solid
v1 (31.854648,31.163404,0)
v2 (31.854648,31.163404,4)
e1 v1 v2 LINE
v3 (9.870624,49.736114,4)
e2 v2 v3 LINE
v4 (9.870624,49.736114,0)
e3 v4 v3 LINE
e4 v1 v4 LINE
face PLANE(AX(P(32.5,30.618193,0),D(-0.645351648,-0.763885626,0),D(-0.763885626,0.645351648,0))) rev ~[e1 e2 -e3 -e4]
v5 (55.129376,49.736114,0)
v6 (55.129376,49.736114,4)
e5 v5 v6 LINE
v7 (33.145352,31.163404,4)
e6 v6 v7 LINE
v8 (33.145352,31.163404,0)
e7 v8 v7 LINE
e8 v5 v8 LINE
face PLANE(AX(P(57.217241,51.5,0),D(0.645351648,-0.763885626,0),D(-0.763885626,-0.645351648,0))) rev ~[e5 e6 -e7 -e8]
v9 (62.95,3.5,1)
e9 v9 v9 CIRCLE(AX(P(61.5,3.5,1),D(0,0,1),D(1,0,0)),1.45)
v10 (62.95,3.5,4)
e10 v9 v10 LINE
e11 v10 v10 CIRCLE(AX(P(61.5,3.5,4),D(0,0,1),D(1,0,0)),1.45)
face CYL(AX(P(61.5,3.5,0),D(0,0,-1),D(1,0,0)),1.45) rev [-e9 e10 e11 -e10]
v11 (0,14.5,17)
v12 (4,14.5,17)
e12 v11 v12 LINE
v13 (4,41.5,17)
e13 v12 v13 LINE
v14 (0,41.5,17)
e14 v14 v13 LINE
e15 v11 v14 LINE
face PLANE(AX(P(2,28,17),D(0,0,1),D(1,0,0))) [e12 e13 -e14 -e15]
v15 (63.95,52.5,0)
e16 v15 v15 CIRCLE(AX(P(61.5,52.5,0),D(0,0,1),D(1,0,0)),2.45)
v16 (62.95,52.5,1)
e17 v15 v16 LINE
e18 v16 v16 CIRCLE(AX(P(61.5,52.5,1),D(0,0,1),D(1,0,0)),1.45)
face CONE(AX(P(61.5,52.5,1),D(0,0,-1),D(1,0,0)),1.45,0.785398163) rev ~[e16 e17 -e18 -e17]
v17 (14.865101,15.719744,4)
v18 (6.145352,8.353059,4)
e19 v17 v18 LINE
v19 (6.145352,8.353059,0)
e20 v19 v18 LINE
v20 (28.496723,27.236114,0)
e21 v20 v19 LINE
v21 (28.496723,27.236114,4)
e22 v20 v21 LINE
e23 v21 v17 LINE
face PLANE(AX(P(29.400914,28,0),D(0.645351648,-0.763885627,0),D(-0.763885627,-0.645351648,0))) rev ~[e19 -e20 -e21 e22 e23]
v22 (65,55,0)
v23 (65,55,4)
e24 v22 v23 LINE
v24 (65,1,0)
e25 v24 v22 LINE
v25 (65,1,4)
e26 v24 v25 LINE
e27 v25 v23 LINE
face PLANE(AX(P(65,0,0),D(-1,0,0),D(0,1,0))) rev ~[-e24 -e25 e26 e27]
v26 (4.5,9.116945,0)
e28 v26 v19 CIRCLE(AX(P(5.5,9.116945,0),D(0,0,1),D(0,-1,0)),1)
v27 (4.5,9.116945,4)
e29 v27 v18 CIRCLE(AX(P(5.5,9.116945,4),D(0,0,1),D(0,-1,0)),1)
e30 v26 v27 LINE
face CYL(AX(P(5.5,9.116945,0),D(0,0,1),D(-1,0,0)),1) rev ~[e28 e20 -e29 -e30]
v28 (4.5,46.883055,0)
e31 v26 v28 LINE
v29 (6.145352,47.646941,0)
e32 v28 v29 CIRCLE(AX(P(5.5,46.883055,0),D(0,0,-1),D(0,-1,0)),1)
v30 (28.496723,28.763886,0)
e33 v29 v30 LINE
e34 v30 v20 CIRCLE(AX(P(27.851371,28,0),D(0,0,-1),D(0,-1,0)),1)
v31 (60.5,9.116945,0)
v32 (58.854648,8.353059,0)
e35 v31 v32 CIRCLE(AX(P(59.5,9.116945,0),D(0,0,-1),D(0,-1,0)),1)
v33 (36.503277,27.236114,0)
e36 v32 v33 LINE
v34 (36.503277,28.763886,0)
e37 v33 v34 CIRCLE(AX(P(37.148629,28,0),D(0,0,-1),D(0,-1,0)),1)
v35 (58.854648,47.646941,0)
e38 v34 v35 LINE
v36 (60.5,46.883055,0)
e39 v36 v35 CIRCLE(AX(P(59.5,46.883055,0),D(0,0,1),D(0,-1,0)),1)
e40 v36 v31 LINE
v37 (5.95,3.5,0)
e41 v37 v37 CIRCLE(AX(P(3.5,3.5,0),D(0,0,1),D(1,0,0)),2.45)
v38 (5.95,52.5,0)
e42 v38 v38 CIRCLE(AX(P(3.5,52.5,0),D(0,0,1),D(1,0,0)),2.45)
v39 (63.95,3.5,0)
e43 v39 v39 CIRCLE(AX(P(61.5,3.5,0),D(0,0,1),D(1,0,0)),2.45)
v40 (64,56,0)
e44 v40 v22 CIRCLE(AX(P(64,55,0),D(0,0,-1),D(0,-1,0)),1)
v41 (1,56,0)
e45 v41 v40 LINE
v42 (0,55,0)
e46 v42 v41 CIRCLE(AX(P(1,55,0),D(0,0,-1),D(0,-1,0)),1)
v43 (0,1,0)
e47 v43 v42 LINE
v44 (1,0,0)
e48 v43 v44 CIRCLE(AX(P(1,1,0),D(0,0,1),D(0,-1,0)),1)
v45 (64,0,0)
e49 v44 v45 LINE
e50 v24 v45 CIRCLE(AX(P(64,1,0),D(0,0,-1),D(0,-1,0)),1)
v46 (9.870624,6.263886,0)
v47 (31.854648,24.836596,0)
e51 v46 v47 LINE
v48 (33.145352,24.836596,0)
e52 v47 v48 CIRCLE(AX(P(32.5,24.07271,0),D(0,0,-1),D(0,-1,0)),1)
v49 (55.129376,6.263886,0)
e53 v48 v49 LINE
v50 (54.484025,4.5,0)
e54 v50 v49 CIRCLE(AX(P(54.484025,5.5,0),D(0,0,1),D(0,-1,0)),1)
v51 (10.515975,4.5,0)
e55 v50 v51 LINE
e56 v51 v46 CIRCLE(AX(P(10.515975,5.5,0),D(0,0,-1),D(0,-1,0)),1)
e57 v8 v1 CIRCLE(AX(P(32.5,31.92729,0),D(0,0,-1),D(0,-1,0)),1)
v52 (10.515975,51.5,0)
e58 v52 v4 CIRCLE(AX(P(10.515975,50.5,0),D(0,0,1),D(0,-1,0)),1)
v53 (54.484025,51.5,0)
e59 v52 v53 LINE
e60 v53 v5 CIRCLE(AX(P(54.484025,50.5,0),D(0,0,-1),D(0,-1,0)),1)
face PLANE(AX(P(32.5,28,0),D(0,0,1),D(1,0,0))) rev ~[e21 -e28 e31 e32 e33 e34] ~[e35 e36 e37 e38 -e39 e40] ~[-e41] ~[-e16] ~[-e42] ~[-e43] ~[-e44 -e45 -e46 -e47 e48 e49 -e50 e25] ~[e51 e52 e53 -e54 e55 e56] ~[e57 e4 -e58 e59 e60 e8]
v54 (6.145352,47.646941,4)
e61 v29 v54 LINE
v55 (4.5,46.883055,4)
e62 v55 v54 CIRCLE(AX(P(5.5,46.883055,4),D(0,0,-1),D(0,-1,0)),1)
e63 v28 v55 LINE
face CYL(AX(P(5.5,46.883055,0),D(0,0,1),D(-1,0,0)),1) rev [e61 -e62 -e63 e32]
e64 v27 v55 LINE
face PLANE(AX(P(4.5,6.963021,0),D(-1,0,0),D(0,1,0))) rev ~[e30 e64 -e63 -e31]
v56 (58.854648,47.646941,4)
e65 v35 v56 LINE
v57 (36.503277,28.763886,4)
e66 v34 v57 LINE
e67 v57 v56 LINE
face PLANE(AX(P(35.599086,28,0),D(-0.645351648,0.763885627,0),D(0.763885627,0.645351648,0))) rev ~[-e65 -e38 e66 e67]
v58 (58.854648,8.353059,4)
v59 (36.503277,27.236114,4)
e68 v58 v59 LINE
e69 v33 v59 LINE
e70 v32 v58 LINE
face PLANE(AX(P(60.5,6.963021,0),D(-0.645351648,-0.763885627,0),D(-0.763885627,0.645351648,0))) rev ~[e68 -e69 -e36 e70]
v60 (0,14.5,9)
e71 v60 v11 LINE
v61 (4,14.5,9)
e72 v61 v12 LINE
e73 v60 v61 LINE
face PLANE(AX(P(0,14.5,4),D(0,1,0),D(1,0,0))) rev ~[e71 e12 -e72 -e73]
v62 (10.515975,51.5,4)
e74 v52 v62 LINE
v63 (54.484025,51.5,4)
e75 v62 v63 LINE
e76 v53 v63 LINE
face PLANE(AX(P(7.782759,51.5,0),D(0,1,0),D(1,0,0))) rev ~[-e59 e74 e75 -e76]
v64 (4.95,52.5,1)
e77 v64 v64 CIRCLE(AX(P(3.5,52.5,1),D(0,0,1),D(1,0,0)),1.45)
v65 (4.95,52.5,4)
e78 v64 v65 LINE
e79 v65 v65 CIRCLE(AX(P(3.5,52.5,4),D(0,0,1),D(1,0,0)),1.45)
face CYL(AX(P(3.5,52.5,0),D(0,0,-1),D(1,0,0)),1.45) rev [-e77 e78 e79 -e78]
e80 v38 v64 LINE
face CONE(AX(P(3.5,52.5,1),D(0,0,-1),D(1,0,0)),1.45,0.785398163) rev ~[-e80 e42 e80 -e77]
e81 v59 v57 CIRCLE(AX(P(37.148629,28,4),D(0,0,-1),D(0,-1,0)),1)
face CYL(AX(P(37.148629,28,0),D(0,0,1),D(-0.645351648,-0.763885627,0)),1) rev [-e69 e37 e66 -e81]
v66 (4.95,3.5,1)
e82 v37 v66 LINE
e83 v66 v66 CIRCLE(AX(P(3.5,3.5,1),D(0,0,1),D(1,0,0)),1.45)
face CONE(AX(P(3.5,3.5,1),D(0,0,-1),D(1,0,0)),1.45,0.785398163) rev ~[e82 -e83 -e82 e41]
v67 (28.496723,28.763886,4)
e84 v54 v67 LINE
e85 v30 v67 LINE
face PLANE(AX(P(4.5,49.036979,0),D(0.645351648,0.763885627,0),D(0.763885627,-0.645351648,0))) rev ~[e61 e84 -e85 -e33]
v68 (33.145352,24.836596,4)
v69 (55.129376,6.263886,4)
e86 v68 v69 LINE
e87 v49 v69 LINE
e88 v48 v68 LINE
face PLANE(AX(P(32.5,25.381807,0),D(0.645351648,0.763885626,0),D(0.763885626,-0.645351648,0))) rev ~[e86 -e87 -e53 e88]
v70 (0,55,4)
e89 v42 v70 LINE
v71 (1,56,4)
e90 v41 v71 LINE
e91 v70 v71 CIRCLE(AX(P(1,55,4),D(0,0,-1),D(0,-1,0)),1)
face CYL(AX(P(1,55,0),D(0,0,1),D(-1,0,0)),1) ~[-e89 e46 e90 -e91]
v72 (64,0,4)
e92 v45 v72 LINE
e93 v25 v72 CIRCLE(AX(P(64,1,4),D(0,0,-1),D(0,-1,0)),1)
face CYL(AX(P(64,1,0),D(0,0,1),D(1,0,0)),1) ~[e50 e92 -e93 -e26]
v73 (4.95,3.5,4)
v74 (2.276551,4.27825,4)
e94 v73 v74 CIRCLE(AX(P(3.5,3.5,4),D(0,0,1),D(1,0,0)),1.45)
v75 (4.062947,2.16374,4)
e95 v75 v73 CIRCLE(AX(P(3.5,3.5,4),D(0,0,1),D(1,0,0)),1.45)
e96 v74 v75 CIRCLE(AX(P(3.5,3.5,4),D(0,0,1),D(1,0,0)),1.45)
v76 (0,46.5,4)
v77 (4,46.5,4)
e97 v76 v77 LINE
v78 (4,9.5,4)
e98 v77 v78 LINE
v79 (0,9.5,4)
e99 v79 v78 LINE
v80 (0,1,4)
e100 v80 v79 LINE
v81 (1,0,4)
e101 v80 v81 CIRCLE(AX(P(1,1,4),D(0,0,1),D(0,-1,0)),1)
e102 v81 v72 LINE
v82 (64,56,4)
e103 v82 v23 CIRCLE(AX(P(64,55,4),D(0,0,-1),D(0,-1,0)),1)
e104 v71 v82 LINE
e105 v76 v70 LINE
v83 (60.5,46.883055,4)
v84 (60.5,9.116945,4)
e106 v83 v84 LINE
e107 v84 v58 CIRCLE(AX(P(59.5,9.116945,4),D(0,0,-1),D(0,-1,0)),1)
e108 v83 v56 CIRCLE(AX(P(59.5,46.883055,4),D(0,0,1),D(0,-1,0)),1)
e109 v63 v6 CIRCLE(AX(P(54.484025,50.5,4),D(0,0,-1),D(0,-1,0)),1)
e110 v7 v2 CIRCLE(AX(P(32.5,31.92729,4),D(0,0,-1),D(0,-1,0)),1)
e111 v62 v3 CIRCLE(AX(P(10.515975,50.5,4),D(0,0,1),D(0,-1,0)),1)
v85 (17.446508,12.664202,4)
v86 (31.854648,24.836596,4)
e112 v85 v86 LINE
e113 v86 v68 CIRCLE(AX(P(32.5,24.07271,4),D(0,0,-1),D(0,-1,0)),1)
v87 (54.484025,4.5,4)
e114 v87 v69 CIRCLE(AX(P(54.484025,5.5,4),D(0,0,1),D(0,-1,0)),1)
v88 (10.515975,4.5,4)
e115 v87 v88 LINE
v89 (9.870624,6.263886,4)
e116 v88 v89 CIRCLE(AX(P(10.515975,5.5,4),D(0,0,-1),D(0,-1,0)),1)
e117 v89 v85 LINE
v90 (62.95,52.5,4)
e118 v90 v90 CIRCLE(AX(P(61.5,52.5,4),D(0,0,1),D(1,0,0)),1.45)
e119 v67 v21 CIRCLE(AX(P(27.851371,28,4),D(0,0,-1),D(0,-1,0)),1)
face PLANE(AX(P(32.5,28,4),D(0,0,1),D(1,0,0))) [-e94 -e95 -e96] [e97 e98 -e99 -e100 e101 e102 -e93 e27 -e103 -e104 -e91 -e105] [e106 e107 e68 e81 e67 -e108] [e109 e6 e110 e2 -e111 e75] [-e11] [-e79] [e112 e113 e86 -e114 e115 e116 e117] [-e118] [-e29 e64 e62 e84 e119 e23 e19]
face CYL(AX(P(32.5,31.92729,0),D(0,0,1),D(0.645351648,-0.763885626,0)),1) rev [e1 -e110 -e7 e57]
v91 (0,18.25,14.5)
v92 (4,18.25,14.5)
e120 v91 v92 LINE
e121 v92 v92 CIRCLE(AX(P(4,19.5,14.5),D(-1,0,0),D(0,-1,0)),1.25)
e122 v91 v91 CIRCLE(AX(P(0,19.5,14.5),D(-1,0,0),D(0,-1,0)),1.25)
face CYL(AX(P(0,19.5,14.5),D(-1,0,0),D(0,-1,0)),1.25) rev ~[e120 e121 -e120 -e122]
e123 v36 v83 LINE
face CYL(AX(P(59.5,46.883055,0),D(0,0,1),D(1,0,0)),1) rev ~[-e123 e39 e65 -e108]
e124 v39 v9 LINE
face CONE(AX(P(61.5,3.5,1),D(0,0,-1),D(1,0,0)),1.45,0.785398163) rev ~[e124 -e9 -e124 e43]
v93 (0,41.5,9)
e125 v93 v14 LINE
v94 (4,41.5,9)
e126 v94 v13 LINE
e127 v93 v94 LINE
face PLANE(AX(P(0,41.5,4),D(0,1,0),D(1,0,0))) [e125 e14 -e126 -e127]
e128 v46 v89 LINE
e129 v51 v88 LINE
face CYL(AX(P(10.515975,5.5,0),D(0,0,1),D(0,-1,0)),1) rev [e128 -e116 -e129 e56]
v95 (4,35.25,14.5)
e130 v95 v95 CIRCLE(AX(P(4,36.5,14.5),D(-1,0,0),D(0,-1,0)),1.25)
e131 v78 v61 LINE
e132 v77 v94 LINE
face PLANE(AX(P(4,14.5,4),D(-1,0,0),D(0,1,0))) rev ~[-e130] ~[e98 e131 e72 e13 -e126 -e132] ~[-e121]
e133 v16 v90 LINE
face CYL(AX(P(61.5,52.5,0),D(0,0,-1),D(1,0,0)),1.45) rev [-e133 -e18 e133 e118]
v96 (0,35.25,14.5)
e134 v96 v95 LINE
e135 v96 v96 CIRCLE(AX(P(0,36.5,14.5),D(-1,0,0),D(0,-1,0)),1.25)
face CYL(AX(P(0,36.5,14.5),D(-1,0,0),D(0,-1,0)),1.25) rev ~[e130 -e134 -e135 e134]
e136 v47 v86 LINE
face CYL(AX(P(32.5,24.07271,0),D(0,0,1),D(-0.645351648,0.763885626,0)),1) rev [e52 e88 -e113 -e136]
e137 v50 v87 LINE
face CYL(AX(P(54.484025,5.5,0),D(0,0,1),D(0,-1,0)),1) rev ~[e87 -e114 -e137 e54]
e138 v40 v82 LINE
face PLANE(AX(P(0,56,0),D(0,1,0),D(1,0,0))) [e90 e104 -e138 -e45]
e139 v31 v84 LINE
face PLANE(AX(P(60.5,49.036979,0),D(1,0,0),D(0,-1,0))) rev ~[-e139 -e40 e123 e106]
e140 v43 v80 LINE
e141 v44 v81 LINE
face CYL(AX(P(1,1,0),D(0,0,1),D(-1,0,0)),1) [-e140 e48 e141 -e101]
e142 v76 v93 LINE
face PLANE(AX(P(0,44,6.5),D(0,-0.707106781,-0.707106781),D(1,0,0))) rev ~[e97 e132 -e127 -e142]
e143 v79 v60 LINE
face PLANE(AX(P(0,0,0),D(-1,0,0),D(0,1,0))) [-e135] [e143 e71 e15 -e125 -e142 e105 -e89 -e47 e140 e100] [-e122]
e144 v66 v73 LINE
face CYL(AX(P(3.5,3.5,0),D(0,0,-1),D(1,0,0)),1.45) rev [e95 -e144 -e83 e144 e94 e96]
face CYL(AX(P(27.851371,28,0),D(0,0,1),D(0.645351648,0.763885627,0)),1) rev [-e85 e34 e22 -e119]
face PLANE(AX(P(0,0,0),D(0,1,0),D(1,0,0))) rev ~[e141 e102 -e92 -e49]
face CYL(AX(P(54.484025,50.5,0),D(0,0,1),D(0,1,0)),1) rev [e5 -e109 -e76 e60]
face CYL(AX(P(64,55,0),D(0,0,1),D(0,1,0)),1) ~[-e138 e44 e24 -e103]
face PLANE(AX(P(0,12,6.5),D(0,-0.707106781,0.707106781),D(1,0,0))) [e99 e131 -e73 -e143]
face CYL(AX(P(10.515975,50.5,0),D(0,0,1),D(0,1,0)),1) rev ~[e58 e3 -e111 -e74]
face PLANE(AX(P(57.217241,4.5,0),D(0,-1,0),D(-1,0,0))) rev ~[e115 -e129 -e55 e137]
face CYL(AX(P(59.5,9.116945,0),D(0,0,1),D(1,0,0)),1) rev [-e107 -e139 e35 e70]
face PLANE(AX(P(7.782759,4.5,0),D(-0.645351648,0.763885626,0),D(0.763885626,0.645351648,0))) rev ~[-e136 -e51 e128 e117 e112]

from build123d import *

# Parameters (mm, degrees)
SKETCH_W        = 65
SKETCH_H        = 56
SKETCH_R        = 1.45
PAD_DEPTH       = 4
SKETCH002_R     = 1.25
POCKET_DEPTH    = 5
SKETCH003_W     = 4
SKETCH003_H     = 27
PAD001_DEPTH    = 13
SKETCH004_R     = 1.25
POCKET001_DEPTH = 65.001
CHAMFER_SIZE    = 5
FILLET_R        = 1
CHAMFER001_SIZE = 1


with BuildPart() as part:
    # Sketch → Pad (new body)
    with BuildSketch(Plane.XY):
        with Locations((32.5, 28)):
            Rectangle(SKETCH_W, SKETCH_H)
        with Locations((3.5, 52.5)):
            Circle(SKETCH_R, mode=Mode.SUBTRACT)
        with Locations((61.5, 52.5)):
            Circle(SKETCH_R, mode=Mode.SUBTRACT)
        with Locations((3.5, 3.5)):
            Circle(SKETCH_R, mode=Mode.SUBTRACT)
        with Locations((61.5, 3.5)):
            Circle(SKETCH_R, mode=Mode.SUBTRACT)
        Polygon((7.782759, 51.5), (57.217241, 51.5), (32.5, 30.618193), align=None, mode=Mode.SUBTRACT)
        Polygon((60.5, 49.036979), (60.5, 6.963021), (35.599086, 28), align=None, mode=Mode.SUBTRACT)
        Polygon((57.217241, 4.5), (7.782759, 4.5), (32.5, 25.381807), align=None, mode=Mode.SUBTRACT)
        Polygon((4.5, 6.963021), (4.5, 49.036979), (29.400914, 28), align=None, mode=Mode.SUBTRACT)
    extrude(amount=PAD_DEPTH)

    # Sketch002 → Pocket (cut)
    with BuildSketch(Plane(origin=(-1.55844, 1.844684, 0), x_dir=(-0.763886, -0.645352, 0), z_dir=(-0.645352, 0.763886, 0))):
        with Locations((-21.5, 5.25)):
            Circle(SKETCH002_R)
        with Locations((-4.5, 5.25)):
            Circle(SKETCH002_R)
    extrude(amount=-POCKET_DEPTH, mode=Mode.SUBTRACT)

    # Sketch003 (on Face22 of Pocket) → Pad001 (join)
    with BuildSketch(Plane.XY.offset(4)):
        with Locations((2, 28)):
            Rectangle(SKETCH003_W, SKETCH003_H)
    extrude(amount=PAD001_DEPTH)

    # Sketch004 (on Face7 of Pad001) → Pocket001 (cut, through all)
    with BuildSketch(Plane(origin=(0, 0, 0), x_dir=(0, -1, 0), z_dir=(-1, 0, 0))):
        with Locations((-36.5, 14.5)):
            Circle(SKETCH004_R)
        with Locations((-19.5, 14.5)):
            Circle(SKETCH004_R)
    extrude(amount=-POCKET001_DEPTH, mode=Mode.SUBTRACT)

    # Chamfer
    chamfer_edges = [part.edges().sort_by_distance(p)[0] for p in [
        (2, 41.5, 4),
        (2, 14.5, 4),
    ]]
    chamfer(chamfer_edges, length=CHAMFER_SIZE)

    # Fillet
    fillet_edges = [part.edges().sort_by_distance(p)[0] for p in [
        (7.782759, 51.5, 2),
        (35.599086, 28, 2),
        (60.5, 6.963021, 2),
        (4.5, 6.963021, 2),
        (29.400914, 28, 2),
        (7.782759, 4.5, 2),
        (57.217241, 4.5, 2),
        (57.217241, 51.5, 2),
        (4.5, 49.036979, 2),
        (4.95, 52.5, 2),
        (32.5, 25.381807, 2),
        (32.5, 30.618193, 2),
        (60.5, 49.036979, 2),
        (0, 56, 2),
        (65, 56, 2),
        (65, 0, 2),
        (0, 0, 2),
    ]]
    fillet(fillet_edges, radius=FILLET_R)

    # Chamfer001
    chamfer001_edges = [part.edges().sort_by_distance(p)[0] for p in [
        (2.05, 52.5, 0),
        (2.05, 3.5, 0),
        (60.05, 3.5, 0),
        (60.05, 52.5, 0),
    ]]
    chamfer(chamfer001_edges, length=CHAMFER001_SIZE)


solid = part.part
